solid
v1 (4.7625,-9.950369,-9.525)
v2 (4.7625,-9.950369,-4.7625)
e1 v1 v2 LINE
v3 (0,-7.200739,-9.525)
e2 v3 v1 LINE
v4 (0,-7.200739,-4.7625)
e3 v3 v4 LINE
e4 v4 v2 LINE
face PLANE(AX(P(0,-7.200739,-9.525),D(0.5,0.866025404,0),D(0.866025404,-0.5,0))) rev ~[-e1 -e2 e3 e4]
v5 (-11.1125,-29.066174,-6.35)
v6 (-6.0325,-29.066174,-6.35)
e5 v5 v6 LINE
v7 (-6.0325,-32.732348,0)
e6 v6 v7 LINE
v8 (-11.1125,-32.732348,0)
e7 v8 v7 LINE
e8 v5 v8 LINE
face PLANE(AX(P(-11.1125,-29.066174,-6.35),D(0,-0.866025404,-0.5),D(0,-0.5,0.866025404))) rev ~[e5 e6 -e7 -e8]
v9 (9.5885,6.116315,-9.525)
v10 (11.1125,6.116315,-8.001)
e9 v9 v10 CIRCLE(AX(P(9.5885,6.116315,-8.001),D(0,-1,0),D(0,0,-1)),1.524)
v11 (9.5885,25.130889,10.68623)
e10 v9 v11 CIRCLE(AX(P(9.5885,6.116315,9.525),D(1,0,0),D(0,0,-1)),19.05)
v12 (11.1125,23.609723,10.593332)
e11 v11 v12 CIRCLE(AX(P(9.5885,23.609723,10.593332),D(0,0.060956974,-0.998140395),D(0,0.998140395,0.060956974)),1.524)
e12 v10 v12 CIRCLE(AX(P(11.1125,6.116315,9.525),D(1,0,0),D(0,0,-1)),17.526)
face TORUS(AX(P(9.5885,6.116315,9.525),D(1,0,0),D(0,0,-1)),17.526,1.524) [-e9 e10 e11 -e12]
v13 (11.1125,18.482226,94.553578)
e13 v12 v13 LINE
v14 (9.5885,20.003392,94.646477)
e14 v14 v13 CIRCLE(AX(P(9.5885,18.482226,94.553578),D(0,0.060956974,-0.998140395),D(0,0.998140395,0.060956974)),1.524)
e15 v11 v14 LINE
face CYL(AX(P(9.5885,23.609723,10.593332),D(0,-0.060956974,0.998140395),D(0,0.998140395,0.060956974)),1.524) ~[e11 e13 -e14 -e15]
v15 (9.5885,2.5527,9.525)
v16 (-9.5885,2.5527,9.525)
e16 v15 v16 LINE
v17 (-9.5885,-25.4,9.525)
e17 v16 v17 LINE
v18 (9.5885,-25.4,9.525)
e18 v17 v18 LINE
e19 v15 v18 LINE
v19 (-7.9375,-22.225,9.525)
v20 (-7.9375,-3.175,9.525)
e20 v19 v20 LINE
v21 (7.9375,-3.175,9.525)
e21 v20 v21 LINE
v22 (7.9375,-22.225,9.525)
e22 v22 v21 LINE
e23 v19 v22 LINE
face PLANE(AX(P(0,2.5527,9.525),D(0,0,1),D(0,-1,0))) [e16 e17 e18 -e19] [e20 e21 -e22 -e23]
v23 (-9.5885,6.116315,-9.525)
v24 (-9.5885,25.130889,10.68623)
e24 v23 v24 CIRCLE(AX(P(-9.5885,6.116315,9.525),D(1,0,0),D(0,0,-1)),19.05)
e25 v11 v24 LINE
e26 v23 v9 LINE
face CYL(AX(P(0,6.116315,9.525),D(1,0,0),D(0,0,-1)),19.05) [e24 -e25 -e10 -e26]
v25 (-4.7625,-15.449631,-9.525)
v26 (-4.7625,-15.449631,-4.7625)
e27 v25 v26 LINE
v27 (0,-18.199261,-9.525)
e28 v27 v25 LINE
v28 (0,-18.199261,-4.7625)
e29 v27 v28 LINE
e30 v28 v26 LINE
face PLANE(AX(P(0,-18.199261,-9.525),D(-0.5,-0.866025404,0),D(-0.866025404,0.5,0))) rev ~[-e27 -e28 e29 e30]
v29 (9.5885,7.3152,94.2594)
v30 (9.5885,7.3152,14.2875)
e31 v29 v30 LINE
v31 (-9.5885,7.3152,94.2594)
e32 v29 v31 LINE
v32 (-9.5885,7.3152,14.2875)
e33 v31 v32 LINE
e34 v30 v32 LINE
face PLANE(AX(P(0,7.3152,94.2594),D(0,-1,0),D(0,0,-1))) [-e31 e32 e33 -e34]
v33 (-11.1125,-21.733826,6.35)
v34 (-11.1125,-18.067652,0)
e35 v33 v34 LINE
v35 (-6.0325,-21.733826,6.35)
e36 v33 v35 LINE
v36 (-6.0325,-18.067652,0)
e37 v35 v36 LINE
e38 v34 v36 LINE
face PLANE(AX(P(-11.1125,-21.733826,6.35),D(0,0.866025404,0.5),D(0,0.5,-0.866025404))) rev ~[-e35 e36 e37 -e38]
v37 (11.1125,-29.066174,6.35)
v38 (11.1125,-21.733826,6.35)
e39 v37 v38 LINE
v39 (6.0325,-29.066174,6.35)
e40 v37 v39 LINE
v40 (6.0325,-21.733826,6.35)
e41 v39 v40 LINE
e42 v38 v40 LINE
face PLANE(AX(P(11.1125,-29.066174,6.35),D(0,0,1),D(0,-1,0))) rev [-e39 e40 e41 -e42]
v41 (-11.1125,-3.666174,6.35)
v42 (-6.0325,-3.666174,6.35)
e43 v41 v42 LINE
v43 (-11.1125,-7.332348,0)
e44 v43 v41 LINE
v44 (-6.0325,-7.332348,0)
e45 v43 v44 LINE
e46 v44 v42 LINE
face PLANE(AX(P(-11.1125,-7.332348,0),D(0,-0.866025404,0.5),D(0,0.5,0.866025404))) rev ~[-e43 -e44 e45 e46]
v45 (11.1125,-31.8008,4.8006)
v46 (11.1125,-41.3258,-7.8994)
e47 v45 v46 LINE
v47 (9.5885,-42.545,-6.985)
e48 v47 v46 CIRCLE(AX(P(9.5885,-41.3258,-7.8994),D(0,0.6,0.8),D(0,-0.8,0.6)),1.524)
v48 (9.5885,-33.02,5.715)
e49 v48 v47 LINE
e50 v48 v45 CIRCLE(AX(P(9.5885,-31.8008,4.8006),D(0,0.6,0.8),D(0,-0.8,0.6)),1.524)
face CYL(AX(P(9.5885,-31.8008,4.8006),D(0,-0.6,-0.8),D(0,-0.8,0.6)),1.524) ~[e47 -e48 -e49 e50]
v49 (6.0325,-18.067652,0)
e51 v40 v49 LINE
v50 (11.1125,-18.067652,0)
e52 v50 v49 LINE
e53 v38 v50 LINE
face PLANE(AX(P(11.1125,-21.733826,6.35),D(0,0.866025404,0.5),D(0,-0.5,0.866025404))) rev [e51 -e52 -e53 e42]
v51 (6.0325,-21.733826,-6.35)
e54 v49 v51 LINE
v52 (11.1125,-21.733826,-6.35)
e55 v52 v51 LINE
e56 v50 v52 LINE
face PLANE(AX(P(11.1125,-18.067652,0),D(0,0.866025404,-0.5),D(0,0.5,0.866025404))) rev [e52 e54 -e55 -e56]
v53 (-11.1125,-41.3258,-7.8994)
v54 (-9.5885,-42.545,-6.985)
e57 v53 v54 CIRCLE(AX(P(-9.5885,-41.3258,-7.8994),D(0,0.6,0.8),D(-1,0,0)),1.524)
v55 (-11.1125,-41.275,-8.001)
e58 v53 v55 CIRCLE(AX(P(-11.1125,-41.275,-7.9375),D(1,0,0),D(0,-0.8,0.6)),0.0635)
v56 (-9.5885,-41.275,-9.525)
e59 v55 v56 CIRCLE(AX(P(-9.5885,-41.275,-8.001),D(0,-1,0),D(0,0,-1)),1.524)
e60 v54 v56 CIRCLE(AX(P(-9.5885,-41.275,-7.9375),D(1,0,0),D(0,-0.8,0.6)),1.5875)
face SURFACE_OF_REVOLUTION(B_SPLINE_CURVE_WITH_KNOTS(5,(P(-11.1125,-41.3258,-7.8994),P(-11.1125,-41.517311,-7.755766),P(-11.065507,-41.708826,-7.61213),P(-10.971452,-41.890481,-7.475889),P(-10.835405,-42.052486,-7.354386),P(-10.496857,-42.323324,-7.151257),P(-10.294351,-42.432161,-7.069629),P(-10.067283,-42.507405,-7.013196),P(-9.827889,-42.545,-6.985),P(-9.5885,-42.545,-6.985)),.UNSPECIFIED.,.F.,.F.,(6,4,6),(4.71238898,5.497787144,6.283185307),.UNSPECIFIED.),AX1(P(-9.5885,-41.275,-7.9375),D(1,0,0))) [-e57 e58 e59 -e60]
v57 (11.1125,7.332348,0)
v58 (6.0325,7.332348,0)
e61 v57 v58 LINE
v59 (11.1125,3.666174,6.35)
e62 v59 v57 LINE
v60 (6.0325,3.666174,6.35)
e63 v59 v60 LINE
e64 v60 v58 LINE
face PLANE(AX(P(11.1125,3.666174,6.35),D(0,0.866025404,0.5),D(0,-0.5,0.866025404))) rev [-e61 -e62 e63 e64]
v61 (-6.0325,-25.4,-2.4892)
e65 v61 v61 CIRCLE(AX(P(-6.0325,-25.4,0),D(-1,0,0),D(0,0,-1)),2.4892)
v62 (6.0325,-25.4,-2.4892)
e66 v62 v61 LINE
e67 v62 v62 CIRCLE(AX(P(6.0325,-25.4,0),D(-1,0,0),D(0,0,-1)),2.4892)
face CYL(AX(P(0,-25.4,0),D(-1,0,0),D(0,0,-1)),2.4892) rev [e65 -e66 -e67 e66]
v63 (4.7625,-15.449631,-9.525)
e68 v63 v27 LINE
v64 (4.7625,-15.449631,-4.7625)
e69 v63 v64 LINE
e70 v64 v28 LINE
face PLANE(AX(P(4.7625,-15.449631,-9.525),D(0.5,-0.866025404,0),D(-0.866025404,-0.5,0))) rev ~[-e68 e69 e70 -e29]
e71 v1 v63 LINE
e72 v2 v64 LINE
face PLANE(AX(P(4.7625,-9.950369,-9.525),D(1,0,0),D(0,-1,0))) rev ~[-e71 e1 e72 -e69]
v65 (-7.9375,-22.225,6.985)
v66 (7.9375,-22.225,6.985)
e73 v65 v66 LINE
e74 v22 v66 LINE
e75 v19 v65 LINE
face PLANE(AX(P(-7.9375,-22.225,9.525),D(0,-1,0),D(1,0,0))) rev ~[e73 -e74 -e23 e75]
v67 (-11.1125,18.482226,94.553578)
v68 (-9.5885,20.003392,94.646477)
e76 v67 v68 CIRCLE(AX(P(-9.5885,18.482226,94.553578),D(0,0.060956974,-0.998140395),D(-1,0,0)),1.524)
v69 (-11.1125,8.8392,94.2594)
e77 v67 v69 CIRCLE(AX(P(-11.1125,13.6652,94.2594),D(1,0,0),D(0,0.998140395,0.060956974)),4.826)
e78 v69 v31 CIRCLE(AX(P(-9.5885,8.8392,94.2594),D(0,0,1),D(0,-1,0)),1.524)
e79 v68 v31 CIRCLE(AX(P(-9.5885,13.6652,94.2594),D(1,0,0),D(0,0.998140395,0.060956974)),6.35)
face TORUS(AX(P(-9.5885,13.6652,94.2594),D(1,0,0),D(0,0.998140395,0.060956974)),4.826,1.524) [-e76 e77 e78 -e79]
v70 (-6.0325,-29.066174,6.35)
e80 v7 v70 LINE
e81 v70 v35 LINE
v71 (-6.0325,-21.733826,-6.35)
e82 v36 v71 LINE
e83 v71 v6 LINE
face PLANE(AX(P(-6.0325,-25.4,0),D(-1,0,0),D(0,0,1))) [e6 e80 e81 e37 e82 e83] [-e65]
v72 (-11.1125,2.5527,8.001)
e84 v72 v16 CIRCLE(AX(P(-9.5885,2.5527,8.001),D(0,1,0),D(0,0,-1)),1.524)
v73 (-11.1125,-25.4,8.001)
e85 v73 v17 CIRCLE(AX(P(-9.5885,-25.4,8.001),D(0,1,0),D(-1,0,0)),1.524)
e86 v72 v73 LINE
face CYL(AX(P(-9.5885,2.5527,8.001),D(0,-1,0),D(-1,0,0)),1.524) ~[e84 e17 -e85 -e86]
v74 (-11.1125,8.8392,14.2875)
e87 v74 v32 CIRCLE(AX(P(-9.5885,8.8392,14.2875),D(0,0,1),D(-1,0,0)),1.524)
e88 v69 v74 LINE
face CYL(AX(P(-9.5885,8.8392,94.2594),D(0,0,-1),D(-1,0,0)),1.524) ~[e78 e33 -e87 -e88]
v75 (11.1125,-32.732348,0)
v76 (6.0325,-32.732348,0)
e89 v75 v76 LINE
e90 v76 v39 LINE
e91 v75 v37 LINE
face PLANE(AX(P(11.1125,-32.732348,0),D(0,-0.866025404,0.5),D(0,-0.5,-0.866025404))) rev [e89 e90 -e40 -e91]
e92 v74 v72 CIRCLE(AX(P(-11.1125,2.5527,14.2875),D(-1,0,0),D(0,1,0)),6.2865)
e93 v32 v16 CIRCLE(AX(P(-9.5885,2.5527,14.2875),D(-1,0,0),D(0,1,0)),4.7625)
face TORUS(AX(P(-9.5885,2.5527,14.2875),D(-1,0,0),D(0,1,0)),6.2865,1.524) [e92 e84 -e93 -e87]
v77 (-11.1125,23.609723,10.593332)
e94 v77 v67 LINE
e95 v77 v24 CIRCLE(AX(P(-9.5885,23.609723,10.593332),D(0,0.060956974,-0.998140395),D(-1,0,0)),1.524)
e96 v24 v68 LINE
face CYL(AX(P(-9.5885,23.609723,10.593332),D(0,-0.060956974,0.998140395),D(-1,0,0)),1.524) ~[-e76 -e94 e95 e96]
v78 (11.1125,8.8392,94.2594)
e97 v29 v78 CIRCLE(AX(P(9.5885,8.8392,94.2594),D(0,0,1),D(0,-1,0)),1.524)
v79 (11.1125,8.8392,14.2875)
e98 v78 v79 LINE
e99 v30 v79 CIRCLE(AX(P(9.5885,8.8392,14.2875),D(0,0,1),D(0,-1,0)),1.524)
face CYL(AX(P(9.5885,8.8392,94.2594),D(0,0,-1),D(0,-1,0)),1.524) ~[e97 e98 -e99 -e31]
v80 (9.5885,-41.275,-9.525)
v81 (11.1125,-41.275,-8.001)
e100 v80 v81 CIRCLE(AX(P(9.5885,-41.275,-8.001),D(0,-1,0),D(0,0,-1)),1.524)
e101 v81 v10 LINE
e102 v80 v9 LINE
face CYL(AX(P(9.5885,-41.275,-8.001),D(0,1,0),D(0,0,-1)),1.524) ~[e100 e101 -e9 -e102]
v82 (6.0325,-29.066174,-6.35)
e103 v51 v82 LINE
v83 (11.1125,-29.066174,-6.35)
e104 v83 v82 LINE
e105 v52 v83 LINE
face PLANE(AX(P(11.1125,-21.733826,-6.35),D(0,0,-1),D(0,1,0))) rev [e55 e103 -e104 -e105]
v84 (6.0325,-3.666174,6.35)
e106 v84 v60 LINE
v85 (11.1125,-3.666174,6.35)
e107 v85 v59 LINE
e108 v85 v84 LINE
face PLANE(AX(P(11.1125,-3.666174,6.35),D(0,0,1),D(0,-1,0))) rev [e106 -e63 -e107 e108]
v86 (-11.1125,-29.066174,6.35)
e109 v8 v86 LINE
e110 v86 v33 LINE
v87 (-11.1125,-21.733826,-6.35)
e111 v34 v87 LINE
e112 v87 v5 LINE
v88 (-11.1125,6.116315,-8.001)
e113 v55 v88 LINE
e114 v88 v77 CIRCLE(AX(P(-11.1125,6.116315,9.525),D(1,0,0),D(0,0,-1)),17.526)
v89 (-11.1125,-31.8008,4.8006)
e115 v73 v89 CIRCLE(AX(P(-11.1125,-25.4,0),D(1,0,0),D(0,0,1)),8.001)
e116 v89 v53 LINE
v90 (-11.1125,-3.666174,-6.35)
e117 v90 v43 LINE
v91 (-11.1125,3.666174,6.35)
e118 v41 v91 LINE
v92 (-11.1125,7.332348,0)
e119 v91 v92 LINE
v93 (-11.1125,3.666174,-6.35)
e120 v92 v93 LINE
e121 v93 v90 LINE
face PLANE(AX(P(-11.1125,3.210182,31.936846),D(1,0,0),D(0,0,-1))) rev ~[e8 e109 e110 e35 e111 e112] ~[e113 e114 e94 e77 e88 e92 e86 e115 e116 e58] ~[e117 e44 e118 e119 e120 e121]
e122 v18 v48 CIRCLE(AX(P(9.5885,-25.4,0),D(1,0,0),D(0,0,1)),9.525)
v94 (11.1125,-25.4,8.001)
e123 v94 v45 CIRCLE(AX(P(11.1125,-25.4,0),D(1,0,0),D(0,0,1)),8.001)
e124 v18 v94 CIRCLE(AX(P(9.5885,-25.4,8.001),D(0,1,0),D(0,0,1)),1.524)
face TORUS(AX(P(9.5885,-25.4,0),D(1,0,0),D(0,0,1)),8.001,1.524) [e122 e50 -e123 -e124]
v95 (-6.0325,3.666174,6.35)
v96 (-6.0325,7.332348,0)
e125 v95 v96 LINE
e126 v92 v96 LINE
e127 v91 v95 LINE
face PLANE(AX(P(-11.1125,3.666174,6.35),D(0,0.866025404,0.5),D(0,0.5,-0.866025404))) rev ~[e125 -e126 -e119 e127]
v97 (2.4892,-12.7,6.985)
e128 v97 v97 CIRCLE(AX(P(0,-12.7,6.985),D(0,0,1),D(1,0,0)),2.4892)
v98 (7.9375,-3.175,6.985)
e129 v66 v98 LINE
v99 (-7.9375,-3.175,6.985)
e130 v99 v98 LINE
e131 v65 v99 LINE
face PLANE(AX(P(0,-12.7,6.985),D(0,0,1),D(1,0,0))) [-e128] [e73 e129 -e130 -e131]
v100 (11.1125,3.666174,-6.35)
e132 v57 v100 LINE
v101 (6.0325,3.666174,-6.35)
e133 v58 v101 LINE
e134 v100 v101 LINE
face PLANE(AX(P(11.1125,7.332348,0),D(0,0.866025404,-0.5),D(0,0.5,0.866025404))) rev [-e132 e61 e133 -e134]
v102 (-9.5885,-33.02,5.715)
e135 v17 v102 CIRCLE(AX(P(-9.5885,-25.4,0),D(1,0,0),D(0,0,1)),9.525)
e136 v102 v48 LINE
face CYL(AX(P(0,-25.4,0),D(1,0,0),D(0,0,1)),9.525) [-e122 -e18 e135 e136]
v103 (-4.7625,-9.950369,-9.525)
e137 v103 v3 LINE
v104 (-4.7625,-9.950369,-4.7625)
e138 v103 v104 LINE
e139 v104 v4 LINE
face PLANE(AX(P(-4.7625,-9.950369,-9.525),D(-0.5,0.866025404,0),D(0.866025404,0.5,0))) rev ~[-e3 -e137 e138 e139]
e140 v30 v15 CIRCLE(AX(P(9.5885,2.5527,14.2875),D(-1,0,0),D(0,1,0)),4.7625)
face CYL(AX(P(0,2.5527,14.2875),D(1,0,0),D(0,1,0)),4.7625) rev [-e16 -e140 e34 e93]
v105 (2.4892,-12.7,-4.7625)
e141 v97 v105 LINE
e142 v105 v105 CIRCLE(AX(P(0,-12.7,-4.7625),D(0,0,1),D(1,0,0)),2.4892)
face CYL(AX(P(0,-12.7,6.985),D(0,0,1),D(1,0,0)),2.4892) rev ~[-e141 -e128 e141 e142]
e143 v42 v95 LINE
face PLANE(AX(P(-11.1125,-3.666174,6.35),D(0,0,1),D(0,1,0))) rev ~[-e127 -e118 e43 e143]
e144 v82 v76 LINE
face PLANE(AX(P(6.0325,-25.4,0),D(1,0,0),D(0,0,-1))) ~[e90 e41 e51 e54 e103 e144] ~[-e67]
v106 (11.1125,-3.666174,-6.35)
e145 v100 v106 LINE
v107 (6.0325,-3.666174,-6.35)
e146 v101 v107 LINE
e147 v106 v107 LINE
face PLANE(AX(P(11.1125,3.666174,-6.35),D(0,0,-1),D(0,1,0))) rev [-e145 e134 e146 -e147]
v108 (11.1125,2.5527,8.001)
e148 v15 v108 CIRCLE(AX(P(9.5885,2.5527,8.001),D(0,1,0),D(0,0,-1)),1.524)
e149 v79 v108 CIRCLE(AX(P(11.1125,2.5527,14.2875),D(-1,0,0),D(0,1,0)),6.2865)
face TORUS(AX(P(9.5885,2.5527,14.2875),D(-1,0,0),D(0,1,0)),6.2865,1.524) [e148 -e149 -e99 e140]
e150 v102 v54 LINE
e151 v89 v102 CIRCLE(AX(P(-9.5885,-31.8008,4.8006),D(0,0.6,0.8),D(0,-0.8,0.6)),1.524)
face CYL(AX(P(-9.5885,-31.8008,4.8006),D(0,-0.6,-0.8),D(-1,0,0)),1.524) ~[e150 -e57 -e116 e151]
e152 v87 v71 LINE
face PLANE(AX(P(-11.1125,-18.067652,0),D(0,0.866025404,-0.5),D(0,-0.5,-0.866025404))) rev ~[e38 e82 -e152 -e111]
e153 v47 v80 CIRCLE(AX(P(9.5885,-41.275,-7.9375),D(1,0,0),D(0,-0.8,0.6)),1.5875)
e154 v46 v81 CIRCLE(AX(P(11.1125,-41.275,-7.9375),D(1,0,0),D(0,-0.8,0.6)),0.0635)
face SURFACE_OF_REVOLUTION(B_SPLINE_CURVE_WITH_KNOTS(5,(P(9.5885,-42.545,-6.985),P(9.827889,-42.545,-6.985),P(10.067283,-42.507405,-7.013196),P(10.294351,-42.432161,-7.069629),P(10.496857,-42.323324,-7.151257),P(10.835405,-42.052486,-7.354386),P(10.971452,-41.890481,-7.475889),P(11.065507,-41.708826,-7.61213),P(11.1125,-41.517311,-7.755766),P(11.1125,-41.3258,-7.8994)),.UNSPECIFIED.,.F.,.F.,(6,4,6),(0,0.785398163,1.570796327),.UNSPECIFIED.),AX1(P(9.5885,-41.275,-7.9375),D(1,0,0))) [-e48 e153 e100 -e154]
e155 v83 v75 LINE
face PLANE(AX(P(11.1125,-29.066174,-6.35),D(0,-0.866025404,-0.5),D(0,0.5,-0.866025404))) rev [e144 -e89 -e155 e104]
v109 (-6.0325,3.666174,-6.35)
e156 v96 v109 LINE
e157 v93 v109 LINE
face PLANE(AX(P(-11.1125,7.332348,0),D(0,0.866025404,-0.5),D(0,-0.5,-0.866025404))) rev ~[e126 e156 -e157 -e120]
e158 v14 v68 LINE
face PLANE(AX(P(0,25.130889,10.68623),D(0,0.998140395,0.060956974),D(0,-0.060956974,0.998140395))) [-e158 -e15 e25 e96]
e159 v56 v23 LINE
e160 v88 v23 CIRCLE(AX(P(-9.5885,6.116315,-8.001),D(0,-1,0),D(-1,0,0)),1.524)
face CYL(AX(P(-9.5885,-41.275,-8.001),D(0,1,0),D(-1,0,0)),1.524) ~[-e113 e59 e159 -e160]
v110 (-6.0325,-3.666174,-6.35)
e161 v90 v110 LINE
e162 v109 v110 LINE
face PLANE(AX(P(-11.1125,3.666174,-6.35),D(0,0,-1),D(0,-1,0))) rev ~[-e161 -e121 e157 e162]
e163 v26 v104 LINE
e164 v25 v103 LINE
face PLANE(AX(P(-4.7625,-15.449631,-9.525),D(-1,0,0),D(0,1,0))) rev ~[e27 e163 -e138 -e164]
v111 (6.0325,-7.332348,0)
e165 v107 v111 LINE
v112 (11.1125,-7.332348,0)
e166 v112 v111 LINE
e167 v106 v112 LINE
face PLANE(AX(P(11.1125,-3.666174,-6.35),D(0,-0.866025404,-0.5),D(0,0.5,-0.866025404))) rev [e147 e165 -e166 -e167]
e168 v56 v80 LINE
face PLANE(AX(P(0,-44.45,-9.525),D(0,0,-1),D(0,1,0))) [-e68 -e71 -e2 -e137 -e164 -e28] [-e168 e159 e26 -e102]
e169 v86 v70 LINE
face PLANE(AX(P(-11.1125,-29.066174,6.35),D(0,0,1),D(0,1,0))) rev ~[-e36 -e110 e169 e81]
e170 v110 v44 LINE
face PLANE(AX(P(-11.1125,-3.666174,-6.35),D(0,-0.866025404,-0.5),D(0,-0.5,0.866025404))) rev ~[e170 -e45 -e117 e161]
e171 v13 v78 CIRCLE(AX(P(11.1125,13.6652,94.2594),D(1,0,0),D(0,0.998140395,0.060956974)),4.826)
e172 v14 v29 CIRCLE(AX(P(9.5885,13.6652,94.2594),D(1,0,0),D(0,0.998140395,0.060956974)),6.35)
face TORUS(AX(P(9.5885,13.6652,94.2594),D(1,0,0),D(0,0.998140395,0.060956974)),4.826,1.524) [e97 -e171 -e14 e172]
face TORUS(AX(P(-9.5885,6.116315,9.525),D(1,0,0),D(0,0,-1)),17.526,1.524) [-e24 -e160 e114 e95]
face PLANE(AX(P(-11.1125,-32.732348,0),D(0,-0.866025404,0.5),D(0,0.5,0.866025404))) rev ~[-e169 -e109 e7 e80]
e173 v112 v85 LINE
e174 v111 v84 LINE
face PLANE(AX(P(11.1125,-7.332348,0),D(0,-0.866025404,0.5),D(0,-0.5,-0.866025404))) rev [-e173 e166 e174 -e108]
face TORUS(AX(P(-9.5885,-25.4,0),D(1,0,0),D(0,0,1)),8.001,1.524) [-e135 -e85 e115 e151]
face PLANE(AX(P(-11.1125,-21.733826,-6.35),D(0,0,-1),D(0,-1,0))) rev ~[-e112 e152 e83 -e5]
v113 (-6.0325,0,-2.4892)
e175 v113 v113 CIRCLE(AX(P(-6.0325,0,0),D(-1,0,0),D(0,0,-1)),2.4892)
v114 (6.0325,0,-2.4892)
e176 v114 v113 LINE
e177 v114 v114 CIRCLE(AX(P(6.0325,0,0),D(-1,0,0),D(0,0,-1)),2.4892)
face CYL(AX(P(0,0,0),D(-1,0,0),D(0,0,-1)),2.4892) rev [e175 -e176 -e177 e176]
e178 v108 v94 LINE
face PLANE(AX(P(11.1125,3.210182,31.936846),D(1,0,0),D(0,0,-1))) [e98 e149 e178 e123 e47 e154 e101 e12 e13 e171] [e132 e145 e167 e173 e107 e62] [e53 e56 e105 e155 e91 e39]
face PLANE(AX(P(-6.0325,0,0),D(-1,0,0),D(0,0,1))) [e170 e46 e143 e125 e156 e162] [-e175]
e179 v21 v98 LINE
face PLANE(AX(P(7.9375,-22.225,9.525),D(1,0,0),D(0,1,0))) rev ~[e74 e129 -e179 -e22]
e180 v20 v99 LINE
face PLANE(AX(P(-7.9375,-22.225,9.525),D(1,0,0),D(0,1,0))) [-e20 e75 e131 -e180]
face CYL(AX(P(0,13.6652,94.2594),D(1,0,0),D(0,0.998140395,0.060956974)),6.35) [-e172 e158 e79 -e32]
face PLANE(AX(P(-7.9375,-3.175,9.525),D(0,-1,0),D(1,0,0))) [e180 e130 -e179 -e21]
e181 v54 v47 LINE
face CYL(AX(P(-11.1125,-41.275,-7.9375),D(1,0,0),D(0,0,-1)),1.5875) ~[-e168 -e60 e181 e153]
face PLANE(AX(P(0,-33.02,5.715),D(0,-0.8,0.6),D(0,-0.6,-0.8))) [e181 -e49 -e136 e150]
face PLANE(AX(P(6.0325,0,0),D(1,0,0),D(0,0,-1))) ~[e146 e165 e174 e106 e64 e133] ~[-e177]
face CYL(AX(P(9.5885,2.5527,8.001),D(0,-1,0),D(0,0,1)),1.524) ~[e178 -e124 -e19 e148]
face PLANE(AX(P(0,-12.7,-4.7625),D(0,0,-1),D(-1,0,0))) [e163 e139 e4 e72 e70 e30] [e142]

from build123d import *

# Parameters (mm, degrees)
SKETCH1_R           = 2.4892
BOSS_EXTRUDE1_DEPTH = 11.1125
FILLET1_R           = 1.5875
CUT_EXTRUDE1_DEPTH  = 5.08
SKETCH4_W           = 15.875
SKETCH4_H           = 19.05
CUT_EXTRUDE2_DEPTH  = 2.54
SKETCH5_R           = 2.4892
CUT_EXTRUDE3_DEPTH  = 104.567416874
FILLET2_R           = 1.524
CUT_EXTRUDE4_DEPTH  = 4.7625


with BuildPart() as part:
    # Sketch1 → Boss-Extrude1 (new, symmetric)
    with BuildSketch(Plane(origin=(0, 0, 0), x_dir=(0, 0, -1), z_dir=(1, 0, 0))):
        with BuildLine():
            Line((-9.525, 2.5527), (-9.525, -25.4))
            ThreePointArc((-9.525, -25.4), (-8.519418994, -29.659709497), (-5.715, -33.02))
            Line((-5.715, -33.02), (9.525, -44.45))
            Line((9.525, -44.45), (9.525, 6.116314701))
            ThreePointArc((9.525, 6.116314701), (3.528372392, 19.99118296), (-10.686230362, 25.130889218))
            Line((-10.686230362, 25.130889218), (-94.646476787, 20.003391506))
            ThreePointArc((-94.646476787, 20.003391506), (-100.60644719, 13.471571567), (-94.2594, 7.3152))
            Line((-94.2594, 7.3152), (-14.2875, 7.3152))
            ThreePointArc((-14.2875, 7.3152), (-10.919903955, 5.920296045), (-9.525, 2.5527))
        make_face()
        Circle(SKETCH1_R, mode=Mode.SUBTRACT)
        with Locations((0, -25.4)):
            Circle(SKETCH1_R, mode=Mode.SUBTRACT)
    extrude(amount=BOSS_EXTRUDE1_DEPTH, both=True)

    # Fillet1
    fillet1_edges = [part.edges().sort_by_distance(p)[0] for p in [
        (0, -44.45, -9.525),
    ]]
    fillet(fillet1_edges, radius=FILLET1_R)

    # Sketch3 → Cut-Extrude1 (cut)
    with BuildSketch(Plane.ZY.offset(11.1125)):
        Polygon((0, 7.332348419), (-6.35, 3.666174209), (-6.35, -3.666174209), (0, -7.332348419), (6.35, -3.666174209), (6.35, 3.666174209), align=None)
        Polygon((0, -18.067651581), (-6.35, -21.733825791), (-6.35, -29.066174209), (0, -32.732348419), (6.35, -29.066174209), (6.35, -21.733825791), align=None)
    cut_extrude1 = extrude(amount=-CUT_EXTRUDE1_DEPTH, mode=Mode.SUBTRACT)

    # Mirror1: Cut-Extrude1 across plane
    add(cut_extrude1.mirror(Plane(origin=(0, 0, 0), x_dir=(0, 0, 1), z_dir=(1, 0, 0))), mode=Mode.SUBTRACT)

    # Sketch4 → Cut-Extrude2 (cut)
    with BuildSketch(Plane.XY.offset(9.525)):
        with Locations((0, -12.7)):
            Rectangle(SKETCH4_W, SKETCH4_H)
    extrude(amount=-CUT_EXTRUDE2_DEPTH, mode=Mode.SUBTRACT)

    # Sketch5 → Cut-Extrude3 (cut, through all)
    with BuildSketch(Plane.XY.offset(6.985)):
        with Locations((0, -12.7)):
            Circle(SKETCH5_R)
    extrude(amount=-CUT_EXTRUDE3_DEPTH, mode=Mode.SUBTRACT)

    # Fillet2
    fillet2_edges = [part.edges().sort_by_distance(p)[0] for p in [
        (-11.1125, 22.567140362, 52.666353575),
        (-11.1125, 19.99118296, -3.528372392),
        (-11.1125, -37.7825, -0.635),
        (-11.1125, -29.659709497, 8.519418994),
        (11.1125, 19.99118296, -3.528372392),
        (11.1125, 22.567140362, 52.666353575),
        (11.1125, 13.471571567, 100.60644719),
        (11.1125, 7.3152, 54.27345),
        (11.1125, 5.920296045, 10.919903955),
        (11.1125, -11.42365, 9.525),
        (-11.1125, -17.579342649, -9.525),
        (11.1125, -17.579342649, -9.525),
        (-11.1125, -42.694903166, -8.647451583),
        (11.1125, -42.694903166, -8.647451583),
        (11.1125, -29.659709497, 8.519418994),
        (11.1125, -37.7825, -0.635),
        (-11.1125, -11.42365, 9.525),
        (-11.1125, 5.920296045, 10.919903955),
        (-11.1125, 7.3152, 54.27345),
        (-11.1125, 13.471571567, 100.60644719),
    ]]
    fillet(fillet2_edges, radius=FILLET2_R)

    # Sketch6 → Cut-Extrude4 (cut)
    with BuildSketch(Plane(origin=(0, 0, -9.525), x_dir=(-1, 0, 0), z_dir=(0, 0, -1))):
        Polygon((0, -18.199261314), (4.7625, -15.449630657), (4.7625, -9.950369343), (0, -7.200738686), (-4.7625, -9.950369343), (-4.7625, -15.449630657), align=None)
    extrude(amount=-CUT_EXTRUDE4_DEPTH, mode=Mode.SUBTRACT)


solid = part.part
